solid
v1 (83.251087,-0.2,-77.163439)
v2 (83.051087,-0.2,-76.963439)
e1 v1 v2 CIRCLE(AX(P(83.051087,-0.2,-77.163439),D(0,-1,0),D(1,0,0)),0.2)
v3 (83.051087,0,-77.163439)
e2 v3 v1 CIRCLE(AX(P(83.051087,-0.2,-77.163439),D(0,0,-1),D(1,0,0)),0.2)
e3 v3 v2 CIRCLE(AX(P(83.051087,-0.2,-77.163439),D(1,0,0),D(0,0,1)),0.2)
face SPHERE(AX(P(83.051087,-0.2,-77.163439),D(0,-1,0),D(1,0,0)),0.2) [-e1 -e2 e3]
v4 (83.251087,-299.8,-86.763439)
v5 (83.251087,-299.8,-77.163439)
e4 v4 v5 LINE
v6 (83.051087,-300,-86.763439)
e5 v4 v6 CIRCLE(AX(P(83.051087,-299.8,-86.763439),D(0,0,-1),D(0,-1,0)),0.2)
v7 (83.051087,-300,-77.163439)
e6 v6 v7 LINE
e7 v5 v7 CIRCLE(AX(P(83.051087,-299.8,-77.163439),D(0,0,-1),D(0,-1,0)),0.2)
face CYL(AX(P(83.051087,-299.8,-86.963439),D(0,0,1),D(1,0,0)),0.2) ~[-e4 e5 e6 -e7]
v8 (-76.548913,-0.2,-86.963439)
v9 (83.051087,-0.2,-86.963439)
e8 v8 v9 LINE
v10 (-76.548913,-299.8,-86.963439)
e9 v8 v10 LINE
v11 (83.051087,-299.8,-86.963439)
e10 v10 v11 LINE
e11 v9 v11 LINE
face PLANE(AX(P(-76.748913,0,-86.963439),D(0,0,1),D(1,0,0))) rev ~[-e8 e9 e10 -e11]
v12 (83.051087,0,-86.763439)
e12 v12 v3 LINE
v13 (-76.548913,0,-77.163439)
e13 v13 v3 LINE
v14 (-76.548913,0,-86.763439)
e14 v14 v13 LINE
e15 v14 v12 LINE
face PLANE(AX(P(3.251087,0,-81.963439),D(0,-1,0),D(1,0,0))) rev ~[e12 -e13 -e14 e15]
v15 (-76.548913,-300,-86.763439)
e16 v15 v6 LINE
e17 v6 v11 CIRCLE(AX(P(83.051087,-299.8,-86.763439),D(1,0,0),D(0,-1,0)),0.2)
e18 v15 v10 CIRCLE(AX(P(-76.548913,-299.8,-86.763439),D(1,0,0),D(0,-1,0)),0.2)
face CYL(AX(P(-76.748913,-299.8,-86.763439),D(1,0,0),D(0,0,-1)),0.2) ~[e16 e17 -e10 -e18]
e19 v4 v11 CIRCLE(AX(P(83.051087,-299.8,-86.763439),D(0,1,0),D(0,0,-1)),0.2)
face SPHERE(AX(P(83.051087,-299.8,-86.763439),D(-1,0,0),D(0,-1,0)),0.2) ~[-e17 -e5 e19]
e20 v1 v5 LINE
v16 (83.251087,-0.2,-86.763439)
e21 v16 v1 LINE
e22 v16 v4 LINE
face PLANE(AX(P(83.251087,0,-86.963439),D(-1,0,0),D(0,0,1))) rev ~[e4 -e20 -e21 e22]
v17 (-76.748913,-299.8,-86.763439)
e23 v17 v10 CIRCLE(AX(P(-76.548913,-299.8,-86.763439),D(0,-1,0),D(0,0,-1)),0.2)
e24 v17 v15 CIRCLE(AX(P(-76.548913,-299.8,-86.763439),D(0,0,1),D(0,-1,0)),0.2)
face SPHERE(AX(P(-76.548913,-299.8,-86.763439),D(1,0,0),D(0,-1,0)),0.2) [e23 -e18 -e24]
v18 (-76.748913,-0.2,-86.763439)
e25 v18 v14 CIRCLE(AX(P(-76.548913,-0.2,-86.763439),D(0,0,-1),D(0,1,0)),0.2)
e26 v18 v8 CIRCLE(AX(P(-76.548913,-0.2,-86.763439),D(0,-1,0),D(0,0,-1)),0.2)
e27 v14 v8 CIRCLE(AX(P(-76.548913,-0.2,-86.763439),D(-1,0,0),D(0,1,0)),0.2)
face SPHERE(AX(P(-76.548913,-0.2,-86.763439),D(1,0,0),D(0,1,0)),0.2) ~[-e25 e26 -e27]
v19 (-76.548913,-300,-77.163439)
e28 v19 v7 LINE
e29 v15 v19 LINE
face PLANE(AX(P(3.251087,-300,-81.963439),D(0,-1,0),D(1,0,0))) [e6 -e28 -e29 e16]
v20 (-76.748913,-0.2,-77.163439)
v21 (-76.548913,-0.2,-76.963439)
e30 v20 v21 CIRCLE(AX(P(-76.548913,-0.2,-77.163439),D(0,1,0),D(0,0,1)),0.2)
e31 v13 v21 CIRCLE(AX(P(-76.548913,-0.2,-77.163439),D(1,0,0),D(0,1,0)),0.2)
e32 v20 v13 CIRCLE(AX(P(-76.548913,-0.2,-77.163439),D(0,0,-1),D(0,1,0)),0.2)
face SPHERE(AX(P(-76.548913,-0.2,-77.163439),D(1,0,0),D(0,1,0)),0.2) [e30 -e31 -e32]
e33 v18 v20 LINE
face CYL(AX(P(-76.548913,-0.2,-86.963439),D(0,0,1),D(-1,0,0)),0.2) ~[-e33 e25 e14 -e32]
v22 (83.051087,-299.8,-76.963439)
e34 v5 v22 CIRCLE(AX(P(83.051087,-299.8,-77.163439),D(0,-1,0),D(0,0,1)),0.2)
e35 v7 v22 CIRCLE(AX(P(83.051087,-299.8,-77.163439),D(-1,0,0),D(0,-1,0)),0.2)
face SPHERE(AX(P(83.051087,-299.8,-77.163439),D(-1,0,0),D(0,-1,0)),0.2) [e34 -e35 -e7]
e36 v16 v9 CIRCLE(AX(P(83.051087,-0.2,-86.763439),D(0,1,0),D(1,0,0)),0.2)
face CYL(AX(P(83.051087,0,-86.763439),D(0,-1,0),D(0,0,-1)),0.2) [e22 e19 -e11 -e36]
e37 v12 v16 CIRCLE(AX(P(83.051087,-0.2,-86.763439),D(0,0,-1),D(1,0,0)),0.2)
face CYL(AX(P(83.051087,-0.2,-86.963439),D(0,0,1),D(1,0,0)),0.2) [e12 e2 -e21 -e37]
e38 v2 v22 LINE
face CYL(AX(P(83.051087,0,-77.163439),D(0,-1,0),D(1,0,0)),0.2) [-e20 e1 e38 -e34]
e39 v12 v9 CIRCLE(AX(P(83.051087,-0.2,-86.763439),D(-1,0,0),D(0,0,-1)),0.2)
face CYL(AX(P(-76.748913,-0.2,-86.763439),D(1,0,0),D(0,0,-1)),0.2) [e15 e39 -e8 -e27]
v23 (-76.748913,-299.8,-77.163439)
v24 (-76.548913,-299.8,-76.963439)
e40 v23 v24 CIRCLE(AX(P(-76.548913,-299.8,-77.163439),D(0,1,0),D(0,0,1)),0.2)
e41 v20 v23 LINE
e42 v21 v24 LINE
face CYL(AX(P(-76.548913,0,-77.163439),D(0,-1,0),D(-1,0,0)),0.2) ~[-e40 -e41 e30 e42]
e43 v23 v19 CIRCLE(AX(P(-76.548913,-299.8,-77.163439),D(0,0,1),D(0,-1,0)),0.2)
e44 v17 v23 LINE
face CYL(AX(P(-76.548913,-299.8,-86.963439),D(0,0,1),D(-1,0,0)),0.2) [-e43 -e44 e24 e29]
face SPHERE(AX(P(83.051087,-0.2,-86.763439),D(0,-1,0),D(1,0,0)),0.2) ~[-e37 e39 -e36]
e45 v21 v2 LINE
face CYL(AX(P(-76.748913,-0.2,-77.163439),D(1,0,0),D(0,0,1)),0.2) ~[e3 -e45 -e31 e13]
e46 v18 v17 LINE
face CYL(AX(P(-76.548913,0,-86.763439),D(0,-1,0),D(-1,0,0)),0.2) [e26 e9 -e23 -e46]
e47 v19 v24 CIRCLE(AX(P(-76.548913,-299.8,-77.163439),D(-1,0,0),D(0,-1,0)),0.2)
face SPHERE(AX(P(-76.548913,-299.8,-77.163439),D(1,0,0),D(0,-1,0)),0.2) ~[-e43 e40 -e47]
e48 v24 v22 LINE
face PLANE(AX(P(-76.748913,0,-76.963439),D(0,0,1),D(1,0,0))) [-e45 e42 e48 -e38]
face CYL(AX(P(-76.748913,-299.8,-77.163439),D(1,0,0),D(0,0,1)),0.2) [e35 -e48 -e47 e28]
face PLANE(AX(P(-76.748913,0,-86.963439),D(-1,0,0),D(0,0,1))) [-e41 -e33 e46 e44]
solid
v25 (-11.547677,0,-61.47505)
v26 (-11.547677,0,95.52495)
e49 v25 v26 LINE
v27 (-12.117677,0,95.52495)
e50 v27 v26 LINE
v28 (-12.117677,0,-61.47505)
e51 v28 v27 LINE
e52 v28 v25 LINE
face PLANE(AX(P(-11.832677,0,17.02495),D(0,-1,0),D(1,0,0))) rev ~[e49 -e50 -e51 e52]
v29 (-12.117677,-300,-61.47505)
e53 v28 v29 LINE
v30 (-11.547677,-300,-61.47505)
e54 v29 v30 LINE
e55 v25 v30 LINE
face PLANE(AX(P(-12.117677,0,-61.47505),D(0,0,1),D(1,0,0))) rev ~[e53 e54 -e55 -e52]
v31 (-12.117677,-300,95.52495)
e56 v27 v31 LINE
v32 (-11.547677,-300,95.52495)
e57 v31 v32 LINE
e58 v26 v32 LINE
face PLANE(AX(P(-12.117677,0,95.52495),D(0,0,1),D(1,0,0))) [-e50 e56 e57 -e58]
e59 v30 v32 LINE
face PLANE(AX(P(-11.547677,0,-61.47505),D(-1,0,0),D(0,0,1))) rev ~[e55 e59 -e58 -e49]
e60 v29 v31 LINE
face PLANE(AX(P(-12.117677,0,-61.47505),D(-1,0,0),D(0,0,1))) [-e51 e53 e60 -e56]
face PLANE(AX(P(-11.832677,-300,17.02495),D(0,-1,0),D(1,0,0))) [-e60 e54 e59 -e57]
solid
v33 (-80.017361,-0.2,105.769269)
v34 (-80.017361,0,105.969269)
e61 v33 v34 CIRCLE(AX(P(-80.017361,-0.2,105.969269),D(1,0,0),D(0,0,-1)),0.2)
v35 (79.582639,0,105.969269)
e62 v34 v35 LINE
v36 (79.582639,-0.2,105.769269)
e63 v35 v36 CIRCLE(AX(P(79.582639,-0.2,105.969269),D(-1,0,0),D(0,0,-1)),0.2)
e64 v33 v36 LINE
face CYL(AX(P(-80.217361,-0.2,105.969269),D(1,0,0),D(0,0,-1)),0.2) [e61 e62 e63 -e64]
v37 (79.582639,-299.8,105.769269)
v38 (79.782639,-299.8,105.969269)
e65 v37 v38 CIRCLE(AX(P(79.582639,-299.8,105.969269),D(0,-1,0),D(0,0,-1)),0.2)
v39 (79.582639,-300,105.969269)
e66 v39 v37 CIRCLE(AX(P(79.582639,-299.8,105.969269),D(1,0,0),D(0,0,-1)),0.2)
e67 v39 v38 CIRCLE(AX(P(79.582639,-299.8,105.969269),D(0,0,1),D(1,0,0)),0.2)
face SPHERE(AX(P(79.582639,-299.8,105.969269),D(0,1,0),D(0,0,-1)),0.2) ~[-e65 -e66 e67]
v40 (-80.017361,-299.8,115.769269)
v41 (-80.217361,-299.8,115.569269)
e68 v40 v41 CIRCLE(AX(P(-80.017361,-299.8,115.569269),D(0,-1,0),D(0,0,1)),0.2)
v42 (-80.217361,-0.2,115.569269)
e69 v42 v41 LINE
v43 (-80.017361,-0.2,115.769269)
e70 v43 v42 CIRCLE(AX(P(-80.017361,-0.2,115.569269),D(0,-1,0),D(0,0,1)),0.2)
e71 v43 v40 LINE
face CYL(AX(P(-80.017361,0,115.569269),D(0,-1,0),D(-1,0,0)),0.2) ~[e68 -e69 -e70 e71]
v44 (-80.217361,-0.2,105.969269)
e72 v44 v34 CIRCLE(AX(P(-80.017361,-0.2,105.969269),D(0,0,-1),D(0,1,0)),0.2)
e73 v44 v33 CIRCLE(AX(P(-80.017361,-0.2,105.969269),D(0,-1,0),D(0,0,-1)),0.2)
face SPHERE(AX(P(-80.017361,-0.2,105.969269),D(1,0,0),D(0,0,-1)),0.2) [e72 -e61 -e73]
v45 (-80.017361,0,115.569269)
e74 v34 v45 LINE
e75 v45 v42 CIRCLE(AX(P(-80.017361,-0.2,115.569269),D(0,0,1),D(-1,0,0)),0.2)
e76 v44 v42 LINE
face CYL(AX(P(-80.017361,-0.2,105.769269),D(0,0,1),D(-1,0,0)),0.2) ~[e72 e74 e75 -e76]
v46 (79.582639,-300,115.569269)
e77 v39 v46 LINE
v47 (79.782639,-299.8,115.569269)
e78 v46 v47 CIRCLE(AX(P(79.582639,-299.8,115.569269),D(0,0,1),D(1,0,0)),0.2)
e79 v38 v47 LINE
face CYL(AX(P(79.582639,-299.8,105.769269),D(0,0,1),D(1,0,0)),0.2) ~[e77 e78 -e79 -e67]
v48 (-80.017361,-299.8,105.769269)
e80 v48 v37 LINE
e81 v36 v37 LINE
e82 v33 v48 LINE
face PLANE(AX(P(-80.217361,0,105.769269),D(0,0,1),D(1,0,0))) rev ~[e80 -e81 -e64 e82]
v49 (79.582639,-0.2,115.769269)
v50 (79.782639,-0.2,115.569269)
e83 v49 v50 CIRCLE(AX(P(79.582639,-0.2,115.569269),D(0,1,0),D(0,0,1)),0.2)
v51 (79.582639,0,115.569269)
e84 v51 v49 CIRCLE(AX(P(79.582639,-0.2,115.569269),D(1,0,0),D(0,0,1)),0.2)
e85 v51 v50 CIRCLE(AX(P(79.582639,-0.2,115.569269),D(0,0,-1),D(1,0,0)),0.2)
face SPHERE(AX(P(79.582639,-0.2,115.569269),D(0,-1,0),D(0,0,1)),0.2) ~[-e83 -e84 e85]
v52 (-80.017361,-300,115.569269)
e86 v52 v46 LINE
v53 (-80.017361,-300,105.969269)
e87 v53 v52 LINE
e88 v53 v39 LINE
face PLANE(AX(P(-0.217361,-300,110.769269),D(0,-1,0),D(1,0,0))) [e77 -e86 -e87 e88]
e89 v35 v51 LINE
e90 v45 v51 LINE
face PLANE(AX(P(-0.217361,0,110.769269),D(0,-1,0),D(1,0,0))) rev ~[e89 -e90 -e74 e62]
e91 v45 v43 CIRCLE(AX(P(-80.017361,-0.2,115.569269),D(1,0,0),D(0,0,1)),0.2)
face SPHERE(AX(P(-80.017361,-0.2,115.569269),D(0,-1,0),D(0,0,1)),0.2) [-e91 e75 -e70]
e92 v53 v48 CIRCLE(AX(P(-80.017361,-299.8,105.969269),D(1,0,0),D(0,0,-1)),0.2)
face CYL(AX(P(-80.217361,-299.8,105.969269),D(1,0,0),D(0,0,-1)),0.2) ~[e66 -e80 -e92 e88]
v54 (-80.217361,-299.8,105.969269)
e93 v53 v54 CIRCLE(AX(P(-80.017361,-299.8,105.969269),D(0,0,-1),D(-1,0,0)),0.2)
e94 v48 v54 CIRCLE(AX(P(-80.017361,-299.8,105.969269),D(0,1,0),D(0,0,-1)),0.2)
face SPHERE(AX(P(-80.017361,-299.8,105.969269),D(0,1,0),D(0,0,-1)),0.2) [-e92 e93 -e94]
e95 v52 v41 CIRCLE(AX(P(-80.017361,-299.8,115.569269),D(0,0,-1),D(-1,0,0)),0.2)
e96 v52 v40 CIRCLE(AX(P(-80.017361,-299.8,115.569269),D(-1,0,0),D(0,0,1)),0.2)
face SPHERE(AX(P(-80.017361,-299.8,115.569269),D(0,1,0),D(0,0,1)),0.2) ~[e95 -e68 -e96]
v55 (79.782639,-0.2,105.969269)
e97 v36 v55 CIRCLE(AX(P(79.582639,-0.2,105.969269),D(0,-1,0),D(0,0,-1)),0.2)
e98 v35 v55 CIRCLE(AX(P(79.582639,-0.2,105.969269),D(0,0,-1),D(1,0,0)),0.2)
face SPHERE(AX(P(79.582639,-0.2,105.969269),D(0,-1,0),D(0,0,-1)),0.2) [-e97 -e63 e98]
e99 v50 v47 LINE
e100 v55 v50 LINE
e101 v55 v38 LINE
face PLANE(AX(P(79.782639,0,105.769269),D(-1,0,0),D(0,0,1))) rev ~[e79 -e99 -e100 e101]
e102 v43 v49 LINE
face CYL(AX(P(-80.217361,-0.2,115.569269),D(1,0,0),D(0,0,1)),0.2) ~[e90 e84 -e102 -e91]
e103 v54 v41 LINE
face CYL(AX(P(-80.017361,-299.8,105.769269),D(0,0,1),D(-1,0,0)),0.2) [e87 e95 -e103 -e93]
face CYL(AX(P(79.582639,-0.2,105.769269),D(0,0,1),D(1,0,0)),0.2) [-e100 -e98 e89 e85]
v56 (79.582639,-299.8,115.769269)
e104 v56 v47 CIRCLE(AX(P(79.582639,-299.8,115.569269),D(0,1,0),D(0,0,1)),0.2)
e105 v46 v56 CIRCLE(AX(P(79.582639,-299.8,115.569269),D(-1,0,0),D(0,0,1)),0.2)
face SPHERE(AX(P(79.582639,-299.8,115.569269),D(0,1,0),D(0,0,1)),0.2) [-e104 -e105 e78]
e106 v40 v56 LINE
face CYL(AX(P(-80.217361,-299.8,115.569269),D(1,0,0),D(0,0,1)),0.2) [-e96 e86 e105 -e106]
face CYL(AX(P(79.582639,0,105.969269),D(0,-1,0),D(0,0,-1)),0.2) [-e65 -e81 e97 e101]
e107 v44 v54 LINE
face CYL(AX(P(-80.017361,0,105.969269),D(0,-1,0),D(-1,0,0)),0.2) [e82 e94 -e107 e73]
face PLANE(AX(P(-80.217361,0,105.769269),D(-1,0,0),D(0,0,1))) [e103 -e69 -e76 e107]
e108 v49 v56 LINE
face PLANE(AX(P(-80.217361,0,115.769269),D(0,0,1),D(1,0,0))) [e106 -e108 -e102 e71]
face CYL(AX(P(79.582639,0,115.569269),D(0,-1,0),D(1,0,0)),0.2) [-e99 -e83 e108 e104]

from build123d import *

# Parameters (mm, degrees)
F0_W     = 160
F0_H     = 10
F0_W_2   = 0.57
F0_H_2   = 157
F1_DEPTH = 300
F2_R     = 0.2


with BuildPart() as f1:
    # F0 (on Front) → F1 (new body)
    with BuildSketch(Plane.XZ):
        with Locations((3.251087, -81.963439)):
            Rectangle(F0_W, F0_H)
        with Locations((-11.832677, 17.02495)):
            Rectangle(F0_W_2, F0_H_2)
        with Locations((-0.217361, 110.769269)):
            Rectangle(F0_W, F0_H)
    extrude(amount=F1_DEPTH)

    # F2
    f2_edges = [f1.edges().sort_by_distance(p)[0] for p in [
        (-80.217361, -150, 115.769269),
        (79.782639, -150, 115.769269),
        (79.782639, -150, 105.769269),
        (-0.217361, 0, 115.769269),
        (-0.217361, 0, 105.769269),
        (-80.217361, -150, 105.769269),
        (-0.217361, -300, 115.769269),
        (-0.217361, -300, 105.769269),
        (-80.217361, -300, 110.769269),
        (79.782639, -300, 110.769269),
        (79.782639, 0, 110.769269),
        (-80.217361, 0, 110.769269),
        (3.251087, -300, -86.963439),
        (3.251087, -300, -76.963439),
        (-76.748913, -300, -81.963439),
        (83.251087, -300, -81.963439),
        (83.251087, -150, -86.963439),
        (83.251087, -150, -76.963439),
        (83.251087, 0, -81.963439),
        (3.251087, 0, -86.963439),
        (3.251087, 0, -76.963439),
        (-76.748913, 0, -81.963439),
        (-76.748913, -150, -76.963439),
        (-76.748913, -150, -86.963439),
    ]]
    fillet(f2_edges, radius=F2_R)


solid = f1.part
